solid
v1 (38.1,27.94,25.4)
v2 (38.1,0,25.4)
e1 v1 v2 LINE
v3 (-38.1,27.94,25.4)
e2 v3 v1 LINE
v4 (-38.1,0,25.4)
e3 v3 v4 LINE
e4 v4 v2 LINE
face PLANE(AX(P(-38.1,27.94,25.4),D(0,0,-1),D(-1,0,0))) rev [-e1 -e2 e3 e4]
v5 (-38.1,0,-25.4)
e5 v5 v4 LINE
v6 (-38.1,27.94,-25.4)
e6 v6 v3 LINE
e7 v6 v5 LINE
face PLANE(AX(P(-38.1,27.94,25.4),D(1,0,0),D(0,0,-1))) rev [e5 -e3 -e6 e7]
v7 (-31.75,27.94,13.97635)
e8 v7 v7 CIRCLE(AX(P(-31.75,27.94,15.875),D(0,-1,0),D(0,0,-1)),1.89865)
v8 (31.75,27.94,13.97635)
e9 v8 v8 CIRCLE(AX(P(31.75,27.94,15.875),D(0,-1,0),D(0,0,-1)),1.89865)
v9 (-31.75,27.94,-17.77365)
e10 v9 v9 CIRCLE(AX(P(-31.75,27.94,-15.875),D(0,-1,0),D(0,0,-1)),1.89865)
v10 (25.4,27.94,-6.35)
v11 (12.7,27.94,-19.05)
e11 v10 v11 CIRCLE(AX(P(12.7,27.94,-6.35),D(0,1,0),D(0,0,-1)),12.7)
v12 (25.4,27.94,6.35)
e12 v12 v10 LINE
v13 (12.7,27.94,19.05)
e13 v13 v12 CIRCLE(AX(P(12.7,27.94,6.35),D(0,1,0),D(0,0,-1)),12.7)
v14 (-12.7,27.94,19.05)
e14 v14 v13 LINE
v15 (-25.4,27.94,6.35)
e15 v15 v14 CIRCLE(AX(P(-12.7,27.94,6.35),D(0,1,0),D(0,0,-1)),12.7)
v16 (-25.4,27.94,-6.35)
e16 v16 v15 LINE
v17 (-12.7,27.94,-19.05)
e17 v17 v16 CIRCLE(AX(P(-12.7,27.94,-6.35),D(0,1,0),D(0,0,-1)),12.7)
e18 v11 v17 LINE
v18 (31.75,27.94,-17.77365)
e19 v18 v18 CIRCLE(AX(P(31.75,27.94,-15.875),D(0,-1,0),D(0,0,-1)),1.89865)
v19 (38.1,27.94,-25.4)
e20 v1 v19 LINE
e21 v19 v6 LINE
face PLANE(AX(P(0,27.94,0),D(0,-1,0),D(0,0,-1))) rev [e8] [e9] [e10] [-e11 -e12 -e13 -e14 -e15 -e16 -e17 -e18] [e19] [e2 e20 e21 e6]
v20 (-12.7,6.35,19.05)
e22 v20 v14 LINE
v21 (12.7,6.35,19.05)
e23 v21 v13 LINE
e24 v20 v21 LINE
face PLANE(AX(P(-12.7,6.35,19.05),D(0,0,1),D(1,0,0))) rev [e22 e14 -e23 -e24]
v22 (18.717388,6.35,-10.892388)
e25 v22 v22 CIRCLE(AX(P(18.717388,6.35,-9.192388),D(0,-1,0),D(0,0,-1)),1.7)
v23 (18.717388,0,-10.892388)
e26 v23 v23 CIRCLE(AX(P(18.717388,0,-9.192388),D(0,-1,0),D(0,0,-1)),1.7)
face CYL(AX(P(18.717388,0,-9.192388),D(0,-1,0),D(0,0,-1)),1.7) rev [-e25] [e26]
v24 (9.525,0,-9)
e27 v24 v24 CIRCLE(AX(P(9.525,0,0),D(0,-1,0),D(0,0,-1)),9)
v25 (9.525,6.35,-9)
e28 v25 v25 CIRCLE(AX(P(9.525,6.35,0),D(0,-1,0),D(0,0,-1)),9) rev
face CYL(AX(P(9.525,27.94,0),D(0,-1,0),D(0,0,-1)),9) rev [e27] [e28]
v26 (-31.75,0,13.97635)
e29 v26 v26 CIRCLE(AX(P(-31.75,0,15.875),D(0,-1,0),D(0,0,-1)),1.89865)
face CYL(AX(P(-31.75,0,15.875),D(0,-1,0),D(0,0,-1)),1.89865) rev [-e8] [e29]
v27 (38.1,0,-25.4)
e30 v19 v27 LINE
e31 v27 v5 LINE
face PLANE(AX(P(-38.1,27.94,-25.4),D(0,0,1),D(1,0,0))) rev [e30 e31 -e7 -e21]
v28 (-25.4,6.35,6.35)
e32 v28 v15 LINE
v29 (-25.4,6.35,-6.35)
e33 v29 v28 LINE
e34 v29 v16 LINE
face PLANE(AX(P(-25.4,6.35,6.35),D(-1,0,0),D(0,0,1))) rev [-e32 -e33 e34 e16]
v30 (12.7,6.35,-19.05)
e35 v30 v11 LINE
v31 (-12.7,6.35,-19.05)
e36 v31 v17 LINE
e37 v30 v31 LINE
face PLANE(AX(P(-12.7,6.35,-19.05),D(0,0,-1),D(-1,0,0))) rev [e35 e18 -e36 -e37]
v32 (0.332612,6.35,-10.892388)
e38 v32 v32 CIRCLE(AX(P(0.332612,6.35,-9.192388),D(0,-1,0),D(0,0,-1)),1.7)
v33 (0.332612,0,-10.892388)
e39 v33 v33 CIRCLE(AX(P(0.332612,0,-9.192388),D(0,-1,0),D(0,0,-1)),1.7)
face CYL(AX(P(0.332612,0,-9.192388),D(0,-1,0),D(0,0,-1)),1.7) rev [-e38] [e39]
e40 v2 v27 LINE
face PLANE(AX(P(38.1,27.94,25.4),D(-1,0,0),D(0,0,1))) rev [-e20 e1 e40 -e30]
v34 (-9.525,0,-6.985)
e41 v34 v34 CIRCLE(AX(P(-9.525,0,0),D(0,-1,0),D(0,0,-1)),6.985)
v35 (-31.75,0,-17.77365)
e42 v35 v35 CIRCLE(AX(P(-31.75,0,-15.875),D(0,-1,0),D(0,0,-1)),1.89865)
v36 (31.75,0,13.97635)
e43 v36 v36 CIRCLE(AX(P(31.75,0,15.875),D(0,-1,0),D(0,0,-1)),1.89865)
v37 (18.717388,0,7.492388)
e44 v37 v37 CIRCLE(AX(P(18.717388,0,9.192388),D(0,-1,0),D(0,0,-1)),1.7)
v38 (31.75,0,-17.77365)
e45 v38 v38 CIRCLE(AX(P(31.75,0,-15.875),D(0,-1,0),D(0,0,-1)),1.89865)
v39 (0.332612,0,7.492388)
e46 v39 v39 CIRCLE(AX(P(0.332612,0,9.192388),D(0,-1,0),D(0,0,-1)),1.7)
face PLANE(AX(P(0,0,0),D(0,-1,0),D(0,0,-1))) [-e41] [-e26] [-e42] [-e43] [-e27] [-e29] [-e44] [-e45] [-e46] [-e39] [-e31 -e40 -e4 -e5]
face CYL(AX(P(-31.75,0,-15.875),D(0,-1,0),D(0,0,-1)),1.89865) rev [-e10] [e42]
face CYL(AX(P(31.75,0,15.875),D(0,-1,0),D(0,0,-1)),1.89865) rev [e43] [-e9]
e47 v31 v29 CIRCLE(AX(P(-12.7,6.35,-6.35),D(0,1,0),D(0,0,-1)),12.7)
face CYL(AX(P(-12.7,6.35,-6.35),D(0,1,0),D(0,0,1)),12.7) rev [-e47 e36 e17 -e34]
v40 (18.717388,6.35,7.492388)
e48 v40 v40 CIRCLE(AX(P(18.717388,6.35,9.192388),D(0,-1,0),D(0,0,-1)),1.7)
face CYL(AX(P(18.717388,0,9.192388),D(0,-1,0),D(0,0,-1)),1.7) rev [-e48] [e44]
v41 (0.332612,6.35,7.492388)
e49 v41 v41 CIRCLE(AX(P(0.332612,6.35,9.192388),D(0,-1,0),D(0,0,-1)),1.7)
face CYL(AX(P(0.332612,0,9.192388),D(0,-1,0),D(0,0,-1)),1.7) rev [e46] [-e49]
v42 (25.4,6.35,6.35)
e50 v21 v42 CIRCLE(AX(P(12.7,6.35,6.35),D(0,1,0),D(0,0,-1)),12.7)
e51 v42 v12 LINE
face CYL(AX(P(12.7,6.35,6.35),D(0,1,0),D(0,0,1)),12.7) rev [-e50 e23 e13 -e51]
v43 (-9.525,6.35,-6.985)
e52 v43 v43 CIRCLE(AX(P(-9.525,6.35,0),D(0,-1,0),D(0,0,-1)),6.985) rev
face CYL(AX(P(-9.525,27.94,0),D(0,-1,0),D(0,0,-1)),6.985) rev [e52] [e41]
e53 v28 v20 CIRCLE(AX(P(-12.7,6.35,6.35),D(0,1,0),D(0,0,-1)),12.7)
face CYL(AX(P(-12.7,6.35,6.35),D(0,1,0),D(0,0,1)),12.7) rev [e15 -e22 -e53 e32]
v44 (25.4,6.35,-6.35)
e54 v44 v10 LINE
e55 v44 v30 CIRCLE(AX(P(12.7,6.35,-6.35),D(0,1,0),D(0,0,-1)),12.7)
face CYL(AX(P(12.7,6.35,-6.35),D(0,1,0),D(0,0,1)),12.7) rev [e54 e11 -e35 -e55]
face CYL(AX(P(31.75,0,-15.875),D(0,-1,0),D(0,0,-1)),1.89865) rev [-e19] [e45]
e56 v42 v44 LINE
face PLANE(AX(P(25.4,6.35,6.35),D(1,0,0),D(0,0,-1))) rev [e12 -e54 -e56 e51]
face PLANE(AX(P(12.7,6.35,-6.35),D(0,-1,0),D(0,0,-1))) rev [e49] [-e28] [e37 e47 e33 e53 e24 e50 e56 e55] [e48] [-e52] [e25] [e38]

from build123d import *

# Parameters (mm, degrees)
SKETCH1_W             = 76.2
SKETCH1_H             = 50.8
BOSS_EXTRUDE1_DEPTH   = 27.94
SKETCH2_R             = 6.985
SKETCH2_R_2           = 9
CUT_EXTRUDE1_DEPTH    = 28.94
CUT_EXTRUDE2_DEPTH    = 21.59
M3_CLEARANCE_HOLE1_D  = 3.4
F_6_CLEARANCE_HOLE1_D = 3.7973


with BuildPart() as part:
    # Sketch1 → Boss-Extrude1 (new body)
    with BuildSketch(Plane(origin=(0, 0, 0), x_dir=(1, 0, 0), z_dir=(0, 1, 0))):
        Rectangle(SKETCH1_W, SKETCH1_H)
    extrude(amount=BOSS_EXTRUDE1_DEPTH)

    # Sketch2 → Cut-Extrude1 (cut, through all)
    with BuildSketch(Plane.XZ):
        with Locations((-9.525, 0)):
            Circle(SKETCH2_R)
        with Locations((9.525, 0)):
            Circle(SKETCH2_R_2)
    extrude(amount=-CUT_EXTRUDE1_DEPTH, mode=Mode.SUBTRACT)

    # Sketch3 → Cut-Extrude2 (cut)
    with BuildSketch(Plane(origin=(0, 27.94, 0), x_dir=(1, 0, 0), z_dir=(0, 1, 0))):
        with BuildLine():
            Line((-12.7, -19.05), (12.7, -19.05))
            ThreePointArc((12.7, -19.05), (21.680256121, -15.330256121), (25.4, -6.35))
            Line((25.4, -6.35), (25.4, 6.35))
            ThreePointArc((25.4, 6.35), (21.680256121, 15.330256121), (12.7, 19.05))
            Line((12.7, 19.05), (-12.7, 19.05))
            ThreePointArc((-12.7, 19.05), (-21.680256121, 15.330256121), (-25.4, 6.35))
            Line((-25.4, 6.35), (-25.4, -6.35))
            ThreePointArc((-25.4, -6.35), (-21.680256121, -15.330256121), (-12.7, -19.05))
        make_face()
    extrude(amount=-CUT_EXTRUDE2_DEPTH, mode=Mode.SUBTRACT)

    # M3 Clearance Hole1 (through all)
    with Locations(Plane(origin=(0.332611845, 0, 9.192388155), x_dir=(0, 0, -1), z_dir=(0, -1, 0))):
        with Locations((0, 0), (18.38477631, 0), (0, 18.38477631), (18.38477631, 18.38477631)):
            Hole(M3_CLEARANCE_HOLE1_D / 2)

    # #6 Clearance Hole1 (through all)
    with Locations(Plane(origin=(-31.75, 0, 15.875), x_dir=(0, 0, -1), z_dir=(0, -1, 0))):
        with Locations((0, 0), (31.75, 0), (0, 63.5), (31.75, 63.5)):
            Hole(F_6_CLEARANCE_HOLE1_D / 2)


solid = part.part
